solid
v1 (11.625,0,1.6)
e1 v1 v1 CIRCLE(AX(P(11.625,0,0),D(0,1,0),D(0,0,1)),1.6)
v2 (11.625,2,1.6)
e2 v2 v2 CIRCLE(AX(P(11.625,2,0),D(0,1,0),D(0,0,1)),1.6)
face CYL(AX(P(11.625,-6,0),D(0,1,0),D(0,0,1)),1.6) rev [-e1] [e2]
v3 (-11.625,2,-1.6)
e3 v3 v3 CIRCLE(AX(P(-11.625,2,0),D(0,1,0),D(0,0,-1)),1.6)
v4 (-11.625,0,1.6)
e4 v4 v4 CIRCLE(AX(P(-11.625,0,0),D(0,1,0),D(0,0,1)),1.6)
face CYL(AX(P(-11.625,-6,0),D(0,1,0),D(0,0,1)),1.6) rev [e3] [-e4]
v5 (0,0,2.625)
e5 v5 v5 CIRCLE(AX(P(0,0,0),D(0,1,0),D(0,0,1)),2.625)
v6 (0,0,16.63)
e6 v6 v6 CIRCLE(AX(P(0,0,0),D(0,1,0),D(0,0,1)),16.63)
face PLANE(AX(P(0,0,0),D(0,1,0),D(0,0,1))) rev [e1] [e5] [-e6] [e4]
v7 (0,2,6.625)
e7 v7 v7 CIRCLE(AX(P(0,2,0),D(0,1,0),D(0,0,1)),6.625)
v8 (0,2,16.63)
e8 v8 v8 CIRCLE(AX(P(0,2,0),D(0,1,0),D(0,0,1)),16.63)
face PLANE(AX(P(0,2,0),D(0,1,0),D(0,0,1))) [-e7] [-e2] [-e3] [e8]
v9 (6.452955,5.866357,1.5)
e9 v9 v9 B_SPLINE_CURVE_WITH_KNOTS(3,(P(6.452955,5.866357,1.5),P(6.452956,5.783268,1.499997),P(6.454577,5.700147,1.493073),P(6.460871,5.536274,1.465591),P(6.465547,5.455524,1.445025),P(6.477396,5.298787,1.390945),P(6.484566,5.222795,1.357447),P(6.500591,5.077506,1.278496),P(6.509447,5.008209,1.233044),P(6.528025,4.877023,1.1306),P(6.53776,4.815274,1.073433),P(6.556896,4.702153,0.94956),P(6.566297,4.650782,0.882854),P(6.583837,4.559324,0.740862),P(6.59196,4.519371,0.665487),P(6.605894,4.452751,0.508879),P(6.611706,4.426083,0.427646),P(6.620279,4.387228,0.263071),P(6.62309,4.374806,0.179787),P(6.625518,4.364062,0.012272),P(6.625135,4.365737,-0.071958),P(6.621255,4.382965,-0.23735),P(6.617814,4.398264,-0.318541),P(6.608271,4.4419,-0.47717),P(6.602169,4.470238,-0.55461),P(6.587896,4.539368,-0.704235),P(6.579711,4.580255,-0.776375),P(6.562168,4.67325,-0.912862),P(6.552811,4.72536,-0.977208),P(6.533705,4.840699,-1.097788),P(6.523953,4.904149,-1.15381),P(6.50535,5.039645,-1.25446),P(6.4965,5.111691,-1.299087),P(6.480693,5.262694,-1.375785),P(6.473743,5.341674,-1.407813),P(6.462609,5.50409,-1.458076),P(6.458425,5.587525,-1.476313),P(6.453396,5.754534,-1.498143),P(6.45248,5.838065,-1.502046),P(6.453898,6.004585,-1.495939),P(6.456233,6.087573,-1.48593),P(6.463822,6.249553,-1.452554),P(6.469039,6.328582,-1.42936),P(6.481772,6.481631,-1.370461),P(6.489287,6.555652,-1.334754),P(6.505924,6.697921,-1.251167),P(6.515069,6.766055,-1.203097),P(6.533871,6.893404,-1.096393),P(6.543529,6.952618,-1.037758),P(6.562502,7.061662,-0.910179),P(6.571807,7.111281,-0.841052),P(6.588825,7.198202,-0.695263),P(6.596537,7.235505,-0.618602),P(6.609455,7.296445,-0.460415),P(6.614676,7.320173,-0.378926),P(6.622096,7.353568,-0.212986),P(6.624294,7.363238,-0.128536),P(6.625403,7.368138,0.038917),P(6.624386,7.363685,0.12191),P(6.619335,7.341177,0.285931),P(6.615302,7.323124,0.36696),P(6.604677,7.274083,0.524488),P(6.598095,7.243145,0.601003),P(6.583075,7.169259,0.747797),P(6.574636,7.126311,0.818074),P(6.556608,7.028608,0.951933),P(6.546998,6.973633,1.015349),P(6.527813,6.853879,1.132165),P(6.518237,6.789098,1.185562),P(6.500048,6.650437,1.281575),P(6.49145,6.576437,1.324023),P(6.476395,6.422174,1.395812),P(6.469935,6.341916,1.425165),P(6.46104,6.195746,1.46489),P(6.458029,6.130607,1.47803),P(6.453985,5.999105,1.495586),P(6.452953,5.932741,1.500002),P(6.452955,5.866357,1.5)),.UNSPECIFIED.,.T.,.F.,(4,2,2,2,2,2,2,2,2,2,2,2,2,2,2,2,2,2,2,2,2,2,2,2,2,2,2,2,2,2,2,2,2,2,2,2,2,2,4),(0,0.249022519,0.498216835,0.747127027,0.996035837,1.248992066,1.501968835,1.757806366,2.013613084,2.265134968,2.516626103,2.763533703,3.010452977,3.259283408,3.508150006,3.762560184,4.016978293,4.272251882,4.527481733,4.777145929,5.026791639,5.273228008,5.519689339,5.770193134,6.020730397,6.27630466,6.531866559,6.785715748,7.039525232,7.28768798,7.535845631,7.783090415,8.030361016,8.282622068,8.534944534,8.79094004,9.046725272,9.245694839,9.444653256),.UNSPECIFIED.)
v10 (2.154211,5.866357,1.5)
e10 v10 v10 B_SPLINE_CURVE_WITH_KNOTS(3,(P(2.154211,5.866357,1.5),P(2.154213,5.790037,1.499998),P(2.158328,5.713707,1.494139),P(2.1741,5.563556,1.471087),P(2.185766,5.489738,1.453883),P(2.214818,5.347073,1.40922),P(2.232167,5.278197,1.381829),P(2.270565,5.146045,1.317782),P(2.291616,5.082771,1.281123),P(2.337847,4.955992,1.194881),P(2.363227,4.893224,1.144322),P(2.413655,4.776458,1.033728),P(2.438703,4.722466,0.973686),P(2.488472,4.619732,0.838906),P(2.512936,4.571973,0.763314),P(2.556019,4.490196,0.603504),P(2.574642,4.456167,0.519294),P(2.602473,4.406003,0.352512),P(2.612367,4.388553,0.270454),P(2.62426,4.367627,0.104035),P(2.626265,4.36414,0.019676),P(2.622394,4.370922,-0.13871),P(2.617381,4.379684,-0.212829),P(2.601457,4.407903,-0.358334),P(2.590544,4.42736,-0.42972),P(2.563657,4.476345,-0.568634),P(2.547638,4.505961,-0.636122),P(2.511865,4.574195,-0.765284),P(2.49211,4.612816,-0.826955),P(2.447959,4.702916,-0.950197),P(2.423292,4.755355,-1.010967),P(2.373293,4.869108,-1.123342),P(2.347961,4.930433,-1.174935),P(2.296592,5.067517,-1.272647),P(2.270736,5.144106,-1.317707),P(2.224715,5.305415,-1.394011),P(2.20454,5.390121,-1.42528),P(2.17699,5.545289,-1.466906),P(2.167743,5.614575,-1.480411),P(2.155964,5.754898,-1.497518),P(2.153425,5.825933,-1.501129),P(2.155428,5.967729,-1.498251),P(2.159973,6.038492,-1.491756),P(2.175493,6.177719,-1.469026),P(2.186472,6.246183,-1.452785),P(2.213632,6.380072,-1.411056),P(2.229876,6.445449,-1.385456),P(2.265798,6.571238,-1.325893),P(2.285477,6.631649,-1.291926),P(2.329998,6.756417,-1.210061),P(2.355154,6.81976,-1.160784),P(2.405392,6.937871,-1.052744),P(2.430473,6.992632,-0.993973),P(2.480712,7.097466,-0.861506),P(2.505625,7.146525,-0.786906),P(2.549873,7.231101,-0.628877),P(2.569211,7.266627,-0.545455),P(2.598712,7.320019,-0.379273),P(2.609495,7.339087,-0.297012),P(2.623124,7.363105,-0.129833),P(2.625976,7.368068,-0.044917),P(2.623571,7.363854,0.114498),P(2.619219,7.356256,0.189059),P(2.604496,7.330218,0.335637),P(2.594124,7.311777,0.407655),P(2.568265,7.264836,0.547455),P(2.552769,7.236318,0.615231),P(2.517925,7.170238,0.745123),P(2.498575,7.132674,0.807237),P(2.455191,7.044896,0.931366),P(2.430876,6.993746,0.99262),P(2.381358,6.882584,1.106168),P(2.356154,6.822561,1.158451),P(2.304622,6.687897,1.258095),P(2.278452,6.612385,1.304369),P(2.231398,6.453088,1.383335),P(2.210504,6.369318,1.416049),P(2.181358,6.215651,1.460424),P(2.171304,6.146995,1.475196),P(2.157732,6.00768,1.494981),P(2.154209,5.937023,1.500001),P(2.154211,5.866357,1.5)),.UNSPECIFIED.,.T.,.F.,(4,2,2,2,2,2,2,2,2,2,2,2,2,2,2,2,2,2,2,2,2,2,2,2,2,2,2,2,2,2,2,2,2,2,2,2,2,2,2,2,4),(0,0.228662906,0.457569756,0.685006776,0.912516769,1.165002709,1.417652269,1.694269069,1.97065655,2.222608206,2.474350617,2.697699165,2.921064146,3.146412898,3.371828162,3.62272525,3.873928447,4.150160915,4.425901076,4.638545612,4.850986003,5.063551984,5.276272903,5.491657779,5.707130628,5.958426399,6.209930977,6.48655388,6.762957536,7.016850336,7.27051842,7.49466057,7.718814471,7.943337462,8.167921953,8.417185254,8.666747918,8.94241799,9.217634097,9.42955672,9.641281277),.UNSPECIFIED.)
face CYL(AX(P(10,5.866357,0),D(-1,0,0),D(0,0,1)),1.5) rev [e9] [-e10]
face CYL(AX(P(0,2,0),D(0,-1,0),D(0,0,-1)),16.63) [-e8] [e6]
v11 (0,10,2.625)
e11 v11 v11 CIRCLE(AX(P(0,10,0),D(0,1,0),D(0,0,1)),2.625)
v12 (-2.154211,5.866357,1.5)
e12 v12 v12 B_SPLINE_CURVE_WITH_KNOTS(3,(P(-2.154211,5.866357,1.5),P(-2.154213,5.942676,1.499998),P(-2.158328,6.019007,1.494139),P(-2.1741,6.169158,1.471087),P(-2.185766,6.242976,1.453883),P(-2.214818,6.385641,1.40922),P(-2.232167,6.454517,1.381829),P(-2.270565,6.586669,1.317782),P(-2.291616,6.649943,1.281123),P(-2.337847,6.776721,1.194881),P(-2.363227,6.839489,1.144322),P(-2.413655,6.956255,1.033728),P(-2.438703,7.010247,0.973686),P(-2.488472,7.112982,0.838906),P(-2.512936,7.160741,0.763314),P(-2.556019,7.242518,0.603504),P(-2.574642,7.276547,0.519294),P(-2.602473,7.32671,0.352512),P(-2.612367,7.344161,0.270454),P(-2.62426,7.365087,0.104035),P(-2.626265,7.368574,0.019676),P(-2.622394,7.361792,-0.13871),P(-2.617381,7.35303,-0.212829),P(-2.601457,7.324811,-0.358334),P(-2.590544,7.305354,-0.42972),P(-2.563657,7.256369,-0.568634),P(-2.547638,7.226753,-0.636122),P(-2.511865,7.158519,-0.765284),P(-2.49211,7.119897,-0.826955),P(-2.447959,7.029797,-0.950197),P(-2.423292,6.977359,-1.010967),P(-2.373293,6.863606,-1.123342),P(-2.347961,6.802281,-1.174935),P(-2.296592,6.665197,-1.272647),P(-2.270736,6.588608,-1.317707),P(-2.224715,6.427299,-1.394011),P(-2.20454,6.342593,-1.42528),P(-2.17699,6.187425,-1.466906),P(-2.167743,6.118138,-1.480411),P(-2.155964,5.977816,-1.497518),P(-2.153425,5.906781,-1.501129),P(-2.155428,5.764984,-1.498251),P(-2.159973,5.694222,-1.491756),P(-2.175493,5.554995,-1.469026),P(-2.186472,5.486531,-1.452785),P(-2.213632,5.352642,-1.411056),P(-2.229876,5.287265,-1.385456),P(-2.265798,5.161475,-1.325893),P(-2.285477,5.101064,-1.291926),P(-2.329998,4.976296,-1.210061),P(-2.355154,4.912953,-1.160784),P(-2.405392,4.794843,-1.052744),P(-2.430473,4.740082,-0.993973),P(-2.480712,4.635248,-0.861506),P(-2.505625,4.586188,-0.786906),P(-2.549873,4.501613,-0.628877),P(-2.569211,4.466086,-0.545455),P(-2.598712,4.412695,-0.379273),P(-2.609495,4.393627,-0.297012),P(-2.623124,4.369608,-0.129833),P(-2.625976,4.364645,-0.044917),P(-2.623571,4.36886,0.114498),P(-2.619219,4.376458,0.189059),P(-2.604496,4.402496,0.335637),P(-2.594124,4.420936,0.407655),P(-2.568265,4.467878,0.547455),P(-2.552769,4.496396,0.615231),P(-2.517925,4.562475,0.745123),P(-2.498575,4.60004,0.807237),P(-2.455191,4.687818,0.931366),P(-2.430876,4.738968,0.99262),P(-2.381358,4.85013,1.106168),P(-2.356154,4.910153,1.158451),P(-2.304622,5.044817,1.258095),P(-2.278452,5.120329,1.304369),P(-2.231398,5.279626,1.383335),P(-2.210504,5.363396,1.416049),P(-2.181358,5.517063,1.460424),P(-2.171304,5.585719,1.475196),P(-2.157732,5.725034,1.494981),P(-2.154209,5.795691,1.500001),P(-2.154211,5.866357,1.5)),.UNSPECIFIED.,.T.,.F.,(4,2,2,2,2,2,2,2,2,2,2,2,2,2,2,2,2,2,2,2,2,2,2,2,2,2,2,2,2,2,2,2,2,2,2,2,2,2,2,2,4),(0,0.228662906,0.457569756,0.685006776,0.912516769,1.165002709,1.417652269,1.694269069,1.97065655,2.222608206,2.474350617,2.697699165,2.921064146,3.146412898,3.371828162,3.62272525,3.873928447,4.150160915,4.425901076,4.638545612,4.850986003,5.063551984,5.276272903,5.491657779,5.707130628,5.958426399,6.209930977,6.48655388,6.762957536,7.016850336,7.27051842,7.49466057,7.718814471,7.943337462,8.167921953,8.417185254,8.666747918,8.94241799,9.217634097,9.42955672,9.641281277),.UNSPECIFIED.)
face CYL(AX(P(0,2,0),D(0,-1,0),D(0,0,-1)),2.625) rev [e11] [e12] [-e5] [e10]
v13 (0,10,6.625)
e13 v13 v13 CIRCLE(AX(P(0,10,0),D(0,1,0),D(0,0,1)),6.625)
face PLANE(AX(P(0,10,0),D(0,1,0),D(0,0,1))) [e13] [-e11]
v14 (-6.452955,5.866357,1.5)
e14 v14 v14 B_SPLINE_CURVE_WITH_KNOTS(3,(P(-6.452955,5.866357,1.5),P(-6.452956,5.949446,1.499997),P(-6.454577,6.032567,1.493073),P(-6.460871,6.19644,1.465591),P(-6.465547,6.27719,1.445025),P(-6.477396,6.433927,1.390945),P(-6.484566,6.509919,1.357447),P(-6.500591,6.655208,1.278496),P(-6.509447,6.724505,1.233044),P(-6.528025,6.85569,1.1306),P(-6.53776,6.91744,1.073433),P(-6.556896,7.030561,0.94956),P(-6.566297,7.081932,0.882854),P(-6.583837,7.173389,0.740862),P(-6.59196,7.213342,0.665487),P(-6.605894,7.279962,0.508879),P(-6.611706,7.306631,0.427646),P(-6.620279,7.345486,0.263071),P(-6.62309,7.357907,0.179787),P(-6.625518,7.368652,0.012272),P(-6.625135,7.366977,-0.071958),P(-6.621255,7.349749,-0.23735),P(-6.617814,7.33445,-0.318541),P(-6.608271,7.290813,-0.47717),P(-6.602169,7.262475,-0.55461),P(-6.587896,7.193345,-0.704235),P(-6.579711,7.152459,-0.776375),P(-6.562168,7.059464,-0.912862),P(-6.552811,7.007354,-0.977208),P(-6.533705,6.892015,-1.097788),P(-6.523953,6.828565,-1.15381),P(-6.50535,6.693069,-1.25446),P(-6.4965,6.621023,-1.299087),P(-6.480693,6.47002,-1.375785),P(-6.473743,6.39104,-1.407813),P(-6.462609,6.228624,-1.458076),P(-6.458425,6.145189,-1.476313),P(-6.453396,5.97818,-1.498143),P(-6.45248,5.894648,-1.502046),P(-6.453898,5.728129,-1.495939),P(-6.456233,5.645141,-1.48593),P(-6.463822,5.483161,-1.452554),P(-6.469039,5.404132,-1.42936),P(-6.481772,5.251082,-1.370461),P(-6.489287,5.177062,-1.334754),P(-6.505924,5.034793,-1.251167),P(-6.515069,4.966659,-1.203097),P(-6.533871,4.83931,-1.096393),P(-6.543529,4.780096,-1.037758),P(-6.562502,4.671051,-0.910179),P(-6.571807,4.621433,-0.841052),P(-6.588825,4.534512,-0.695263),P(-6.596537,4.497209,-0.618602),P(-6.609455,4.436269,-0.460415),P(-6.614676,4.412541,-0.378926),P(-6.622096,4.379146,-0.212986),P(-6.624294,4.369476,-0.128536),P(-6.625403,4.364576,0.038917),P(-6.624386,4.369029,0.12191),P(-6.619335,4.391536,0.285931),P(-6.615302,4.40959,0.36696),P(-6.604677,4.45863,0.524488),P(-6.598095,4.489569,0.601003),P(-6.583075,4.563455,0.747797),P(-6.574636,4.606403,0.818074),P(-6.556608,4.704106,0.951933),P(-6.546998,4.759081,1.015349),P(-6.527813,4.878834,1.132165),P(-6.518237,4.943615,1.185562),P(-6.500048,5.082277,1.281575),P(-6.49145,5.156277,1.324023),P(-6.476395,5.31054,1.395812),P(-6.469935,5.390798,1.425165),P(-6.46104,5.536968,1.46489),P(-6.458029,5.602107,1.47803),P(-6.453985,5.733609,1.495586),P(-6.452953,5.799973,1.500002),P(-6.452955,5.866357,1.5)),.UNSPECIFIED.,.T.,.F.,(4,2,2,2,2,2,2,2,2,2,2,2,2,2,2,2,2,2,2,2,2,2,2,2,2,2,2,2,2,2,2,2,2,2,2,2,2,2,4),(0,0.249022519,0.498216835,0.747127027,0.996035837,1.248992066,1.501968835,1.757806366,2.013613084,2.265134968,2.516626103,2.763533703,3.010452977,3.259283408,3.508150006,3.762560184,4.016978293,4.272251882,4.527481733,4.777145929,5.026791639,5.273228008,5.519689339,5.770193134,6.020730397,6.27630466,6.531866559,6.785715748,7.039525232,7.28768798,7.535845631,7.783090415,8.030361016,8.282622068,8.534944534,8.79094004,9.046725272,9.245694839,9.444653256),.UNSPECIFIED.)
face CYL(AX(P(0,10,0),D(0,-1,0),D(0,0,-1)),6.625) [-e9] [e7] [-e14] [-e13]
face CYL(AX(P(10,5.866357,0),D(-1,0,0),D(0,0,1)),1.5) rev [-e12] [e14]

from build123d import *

# Parameters (mm, degrees)
SKETCH1_R               = 16.63
SKETCH1_R_2             = 4.8
SKETCH1_R_3             = 2.625
BOSS_EXTRUDE2_DEPTH     = 2
SKETCH5_R               = 6.625
SKETCH5_R_2             = 2.625
BOSS_EXTRUDE3_DEPTH     = 8
SKETCH4_R               = 1.6
CUT_EXTRUDE1_DEPTH      = 8
CIRPATTERN1_COUNT       = 2
CUT_EXTRUDE2_DEPTH      = 10
CUT_EXTRUDE2_DEPTH_BACK = 8
SKETCH6_R               = 1.5


with BuildPart() as part:
    # Sketch1 → Boss-Extrude2 (new body)
    # profile 1 of 2: a face of its own
    with BuildSketch(Plane(origin=(0, 0, 0), x_dir=(1, 0, 0), z_dir=(0, 1, 0))):
        with Locations(Location((0, 0, 0), (0, 0, 270))):
            Circle(SKETCH1_R)
        Circle(SKETCH1_R_2, mode=Mode.SUBTRACT)
    # profile 2 of 2: a face of its own
    with BuildSketch(Plane(origin=(0, 0, 0), x_dir=(1, 0, 0), z_dir=(0, 1, 0))):
        Circle(SKETCH1_R_2)
        with Locations(Location((0, 0, 0), (0, 0, 270))):
            Circle(SKETCH1_R_3, mode=Mode.SUBTRACT)
    extrude(amount=BOSS_EXTRUDE2_DEPTH)

    # Sketch5 → Boss-Extrude3 (add)
    with BuildSketch(Plane(origin=(0, 2, 0), x_dir=(1, 0, 0), z_dir=(0, 1, 0))):
        with Locations(Location((0, 0, 0), (0, 0, 270))):
            Circle(SKETCH5_R)
        with Locations(Location((0, 0, 0), (0, 0, 270))):
            Circle(SKETCH5_R_2, mode=Mode.SUBTRACT)
    extrude(amount=BOSS_EXTRUDE3_DEPTH)

    # Sketch4 → Cut-Extrude1 (cut)
    with BuildSketch(Plane(origin=(0, 2, 0), x_dir=(1, 0, 0), z_dir=(0, 1, 0))):
        with Locations(Location((11.625, 0, 0), (0, 0, 270))):
            Circle(SKETCH4_R)
    cut_extrude1 = extrude(amount=-CUT_EXTRUDE1_DEPTH, mode=Mode.SUBTRACT)

    # CirPattern1: Cut-Extrude1 ×2 about axis
    cirpattern1_axis = Axis((0, 0, 0), (0, 1, 0))
    for i in range(1, CIRPATTERN1_COUNT):
        add(cut_extrude1.rotate(cirpattern1_axis, i * 360 / CIRPATTERN1_COUNT), mode=Mode.SUBTRACT)

    # Sketch6 → Cut-Extrude2 (cut, two sides: drawn at the far end of the back side and taken through both)
    with BuildSketch(Plane(origin=(0, 0, 0), x_dir=(0, 0, -1), z_dir=(1, 0, 0)).offset(-CUT_EXTRUDE2_DEPTH_BACK)):
        with Locations(Location((0, 5.866356901, 0), (0, 0, 180))):
            Circle(SKETCH6_R)
    extrude(amount=CUT_EXTRUDE2_DEPTH + CUT_EXTRUDE2_DEPTH_BACK, mode=Mode.SUBTRACT)


solid = part.part
